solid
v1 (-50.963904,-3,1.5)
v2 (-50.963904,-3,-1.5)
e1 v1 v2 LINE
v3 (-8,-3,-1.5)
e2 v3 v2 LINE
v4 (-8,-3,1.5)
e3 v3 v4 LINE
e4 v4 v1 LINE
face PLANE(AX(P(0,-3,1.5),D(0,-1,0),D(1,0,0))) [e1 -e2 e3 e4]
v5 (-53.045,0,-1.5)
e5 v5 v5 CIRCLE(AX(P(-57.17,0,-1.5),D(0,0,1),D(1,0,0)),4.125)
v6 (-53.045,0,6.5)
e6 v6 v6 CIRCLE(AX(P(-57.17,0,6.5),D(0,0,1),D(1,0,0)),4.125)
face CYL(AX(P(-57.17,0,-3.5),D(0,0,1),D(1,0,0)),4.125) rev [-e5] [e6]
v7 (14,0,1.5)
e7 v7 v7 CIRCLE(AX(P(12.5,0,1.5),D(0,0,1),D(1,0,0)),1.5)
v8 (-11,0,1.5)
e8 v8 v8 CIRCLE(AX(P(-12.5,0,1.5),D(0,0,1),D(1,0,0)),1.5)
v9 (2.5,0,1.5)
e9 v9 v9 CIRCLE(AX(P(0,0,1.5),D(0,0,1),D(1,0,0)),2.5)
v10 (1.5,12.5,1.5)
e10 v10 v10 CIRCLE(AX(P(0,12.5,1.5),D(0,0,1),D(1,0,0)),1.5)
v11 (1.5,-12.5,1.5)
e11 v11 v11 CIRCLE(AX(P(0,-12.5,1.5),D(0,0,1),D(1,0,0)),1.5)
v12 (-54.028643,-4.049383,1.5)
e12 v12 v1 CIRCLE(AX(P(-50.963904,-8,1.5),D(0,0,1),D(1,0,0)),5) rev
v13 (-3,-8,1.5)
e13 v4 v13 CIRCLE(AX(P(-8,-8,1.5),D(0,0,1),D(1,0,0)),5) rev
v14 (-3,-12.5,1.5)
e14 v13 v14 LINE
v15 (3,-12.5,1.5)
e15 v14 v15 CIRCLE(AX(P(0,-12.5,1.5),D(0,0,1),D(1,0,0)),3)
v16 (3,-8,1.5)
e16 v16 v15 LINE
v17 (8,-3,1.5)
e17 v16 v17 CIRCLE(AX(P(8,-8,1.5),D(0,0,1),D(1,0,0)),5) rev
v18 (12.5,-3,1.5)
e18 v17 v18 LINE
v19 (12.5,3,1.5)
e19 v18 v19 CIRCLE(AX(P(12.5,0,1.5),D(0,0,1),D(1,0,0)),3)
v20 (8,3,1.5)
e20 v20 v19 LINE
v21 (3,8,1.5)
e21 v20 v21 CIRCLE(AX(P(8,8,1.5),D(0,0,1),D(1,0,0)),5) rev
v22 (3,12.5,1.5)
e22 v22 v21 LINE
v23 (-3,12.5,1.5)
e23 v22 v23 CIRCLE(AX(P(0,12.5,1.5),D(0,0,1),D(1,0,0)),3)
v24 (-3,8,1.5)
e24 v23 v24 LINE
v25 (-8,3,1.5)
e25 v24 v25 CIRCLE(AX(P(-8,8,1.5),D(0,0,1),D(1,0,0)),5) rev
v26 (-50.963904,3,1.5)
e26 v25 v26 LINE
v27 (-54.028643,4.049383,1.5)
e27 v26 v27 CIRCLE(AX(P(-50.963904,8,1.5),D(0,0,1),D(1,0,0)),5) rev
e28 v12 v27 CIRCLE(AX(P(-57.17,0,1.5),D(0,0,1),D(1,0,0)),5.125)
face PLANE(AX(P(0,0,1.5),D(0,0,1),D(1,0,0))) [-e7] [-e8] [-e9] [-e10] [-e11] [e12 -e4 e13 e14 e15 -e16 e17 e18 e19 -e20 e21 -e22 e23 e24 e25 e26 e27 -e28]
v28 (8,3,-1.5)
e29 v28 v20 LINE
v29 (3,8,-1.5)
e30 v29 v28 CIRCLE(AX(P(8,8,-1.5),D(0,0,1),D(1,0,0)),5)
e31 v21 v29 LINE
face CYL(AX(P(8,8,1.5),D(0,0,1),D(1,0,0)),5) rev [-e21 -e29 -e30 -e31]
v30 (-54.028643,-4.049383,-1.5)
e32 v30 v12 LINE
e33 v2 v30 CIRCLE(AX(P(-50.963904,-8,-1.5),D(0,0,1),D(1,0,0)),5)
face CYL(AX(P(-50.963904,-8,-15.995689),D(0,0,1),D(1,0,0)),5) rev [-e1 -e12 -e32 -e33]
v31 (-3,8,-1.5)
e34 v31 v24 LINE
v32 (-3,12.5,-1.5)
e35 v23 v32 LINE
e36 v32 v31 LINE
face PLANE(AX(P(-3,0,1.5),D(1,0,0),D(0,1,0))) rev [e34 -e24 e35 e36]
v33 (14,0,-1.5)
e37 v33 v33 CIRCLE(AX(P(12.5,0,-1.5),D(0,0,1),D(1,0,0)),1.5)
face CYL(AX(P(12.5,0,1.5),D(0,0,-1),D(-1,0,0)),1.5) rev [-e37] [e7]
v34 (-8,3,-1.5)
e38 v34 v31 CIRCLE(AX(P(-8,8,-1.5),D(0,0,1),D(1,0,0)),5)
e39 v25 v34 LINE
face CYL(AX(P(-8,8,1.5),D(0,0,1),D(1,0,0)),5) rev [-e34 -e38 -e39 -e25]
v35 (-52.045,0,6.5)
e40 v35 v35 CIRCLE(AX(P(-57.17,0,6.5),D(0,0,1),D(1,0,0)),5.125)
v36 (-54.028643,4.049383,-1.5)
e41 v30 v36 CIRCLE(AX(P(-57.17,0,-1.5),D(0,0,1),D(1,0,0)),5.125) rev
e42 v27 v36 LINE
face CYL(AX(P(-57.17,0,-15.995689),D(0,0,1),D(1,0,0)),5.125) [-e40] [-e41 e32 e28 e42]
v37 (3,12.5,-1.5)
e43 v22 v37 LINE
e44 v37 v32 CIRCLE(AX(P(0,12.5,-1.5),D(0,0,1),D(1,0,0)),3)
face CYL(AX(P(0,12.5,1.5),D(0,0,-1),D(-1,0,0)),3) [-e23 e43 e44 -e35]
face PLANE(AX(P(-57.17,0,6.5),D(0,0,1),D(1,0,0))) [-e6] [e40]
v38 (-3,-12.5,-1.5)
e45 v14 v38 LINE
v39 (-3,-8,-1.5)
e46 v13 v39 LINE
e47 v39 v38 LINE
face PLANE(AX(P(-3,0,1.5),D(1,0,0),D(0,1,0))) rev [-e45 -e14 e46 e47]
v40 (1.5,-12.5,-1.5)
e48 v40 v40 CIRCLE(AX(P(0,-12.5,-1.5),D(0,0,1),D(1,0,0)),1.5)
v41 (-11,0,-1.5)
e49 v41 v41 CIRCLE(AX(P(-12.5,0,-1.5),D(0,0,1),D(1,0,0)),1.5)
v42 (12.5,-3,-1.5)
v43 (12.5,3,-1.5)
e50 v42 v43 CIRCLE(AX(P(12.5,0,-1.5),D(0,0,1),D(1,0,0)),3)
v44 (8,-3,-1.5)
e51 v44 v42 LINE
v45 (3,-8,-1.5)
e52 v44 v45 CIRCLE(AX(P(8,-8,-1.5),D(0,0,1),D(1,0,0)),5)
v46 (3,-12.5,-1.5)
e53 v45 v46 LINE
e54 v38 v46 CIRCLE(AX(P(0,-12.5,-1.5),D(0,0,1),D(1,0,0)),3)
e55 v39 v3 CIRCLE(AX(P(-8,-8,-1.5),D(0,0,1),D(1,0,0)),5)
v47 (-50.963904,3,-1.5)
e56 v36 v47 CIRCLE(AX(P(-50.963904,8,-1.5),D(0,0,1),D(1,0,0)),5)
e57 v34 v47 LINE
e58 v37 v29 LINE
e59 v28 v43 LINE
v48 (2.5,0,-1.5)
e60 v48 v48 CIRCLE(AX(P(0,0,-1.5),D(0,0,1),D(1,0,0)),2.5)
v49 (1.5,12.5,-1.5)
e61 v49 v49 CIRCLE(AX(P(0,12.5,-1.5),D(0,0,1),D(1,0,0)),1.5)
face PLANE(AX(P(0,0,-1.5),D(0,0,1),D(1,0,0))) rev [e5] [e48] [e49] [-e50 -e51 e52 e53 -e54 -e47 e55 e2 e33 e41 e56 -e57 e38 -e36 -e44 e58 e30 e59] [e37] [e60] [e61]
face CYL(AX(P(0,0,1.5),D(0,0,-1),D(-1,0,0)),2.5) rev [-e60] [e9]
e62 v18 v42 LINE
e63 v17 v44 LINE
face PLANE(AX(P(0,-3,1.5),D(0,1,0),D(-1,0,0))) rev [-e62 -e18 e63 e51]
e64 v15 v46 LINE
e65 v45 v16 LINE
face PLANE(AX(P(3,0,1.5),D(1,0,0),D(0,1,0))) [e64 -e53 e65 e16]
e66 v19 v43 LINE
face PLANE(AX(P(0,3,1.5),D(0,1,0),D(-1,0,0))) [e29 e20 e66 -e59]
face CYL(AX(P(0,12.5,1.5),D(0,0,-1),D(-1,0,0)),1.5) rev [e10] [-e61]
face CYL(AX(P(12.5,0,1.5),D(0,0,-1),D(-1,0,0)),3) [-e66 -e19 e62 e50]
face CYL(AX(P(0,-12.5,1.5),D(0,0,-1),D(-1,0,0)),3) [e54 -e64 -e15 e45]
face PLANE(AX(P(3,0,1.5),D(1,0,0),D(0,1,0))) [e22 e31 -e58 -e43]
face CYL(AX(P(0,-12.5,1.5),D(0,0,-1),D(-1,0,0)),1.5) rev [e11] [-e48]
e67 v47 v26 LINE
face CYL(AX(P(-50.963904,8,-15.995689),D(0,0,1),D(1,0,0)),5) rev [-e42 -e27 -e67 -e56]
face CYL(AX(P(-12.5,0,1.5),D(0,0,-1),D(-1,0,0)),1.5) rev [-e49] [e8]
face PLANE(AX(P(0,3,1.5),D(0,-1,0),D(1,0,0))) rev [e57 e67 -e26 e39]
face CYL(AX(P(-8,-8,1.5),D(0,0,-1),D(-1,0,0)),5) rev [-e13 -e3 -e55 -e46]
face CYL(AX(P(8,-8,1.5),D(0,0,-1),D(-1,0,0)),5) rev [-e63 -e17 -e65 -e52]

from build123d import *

# Parameters (mm, degrees)
ESBO_O1_R                            = 2.5
ESBO_O1_R_2                          = 1.5
RESSALTO_EXTRUS_O3_DEPTH             = 1.5
ESBO_O2_R                            = 5.125
RESSALTO_EXTRUS_O4_DEPTH             = 5
RESSALTO_EXTRUS_O4_DIRECTION_2_REACH = 64.207
ESBO_O3_R                            = 4.125
CORTE_EXTRUS_O1_DEPTH                = 10
FILETE1_R                            = 5


with BuildPart() as part:
    # Esboço1 → Ressalto-extrusão3 (new, symmetric)
    with BuildSketch(Plane.XY):
        with BuildLine():
            Line((3, -3), (12.5, -3))
            ThreePointArc((12.5, -3), (15.5, 0), (12.5, 3))
            Line((12.5, 3), (3, 3))
            Line((3, 3), (3, 12.5))
            ThreePointArc((3, 12.5), (0, 15.5), (-3, 12.5))
            Line((-3, 12.5), (-3, 3))
            Line((-3, 3), (-57.17, 3))
            ThreePointArc((-57.17, 3), (-60.17, 0), (-57.17, -3))
            Line((-57.17, -3), (-3, -3))
            Line((-3, -3), (-3, -12.5))
            ThreePointArc((-3, -12.5), (0, -15.5), (3, -12.5))
            Line((3, -12.5), (3, -3))
        make_face()
        Circle(ESBO_O1_R, mode=Mode.SUBTRACT)
        with Locations((-12.5, 0)):
            Circle(ESBO_O1_R_2, mode=Mode.SUBTRACT)
        with Locations((0, 12.5)):
            Circle(ESBO_O1_R_2, mode=Mode.SUBTRACT)
        with Locations((12.5, 0)):
            Circle(ESBO_O1_R_2, mode=Mode.SUBTRACT)
        with Locations((0, -12.5)):
            Circle(ESBO_O1_R_2, mode=Mode.SUBTRACT)
    extrude(amount=RESSALTO_EXTRUS_O3_DEPTH, both=True)

    # Esboço2 → Ressalto-extrusão4 (add)
    with BuildSketch(Plane.XY.offset(1.5)):
        with Locations((-57.17, 0)):
            Circle(ESBO_O2_R)
    extrude(amount=RESSALTO_EXTRUS_O4_DEPTH)

    # Ressalto-extrusão4 direction 2: up to this face of the body (flat: up to its plane)
    ressalto_extrus_o4_direction_2_end = Plane(part.part.faces().sort_by_distance((-18.436716942, 0, -1.5))[0])
    # Esboço2 → Ressalto-extrusão4 direction 2 (add, up to the picked face)
    with BuildSketch(Plane.XY.offset(1.5), mode=Mode.PRIVATE) as ressalto_extrus_o4_direction_2_sk1:
        with Locations((-57.17, 0)):
            Circle(ESBO_O2_R)
    ressalto_extrus_o4_direction_2_tool1 = split(extrude(ressalto_extrus_o4_direction_2_sk1.sketch, amount=-RESSALTO_EXTRUS_O4_DIRECTION_2_REACH, mode=Mode.PRIVATE), bisect_by=ressalto_extrus_o4_direction_2_end, keep=Keep.BOTH, mode=Mode.PRIVATE)
    add(ressalto_extrus_o4_direction_2_tool1.solids().sort_by(Axis((-57.17, 0, 1.5), (0, 0, -1)))[0])

    # Esboço3 → Corte-extrusão1 (cut)
    with BuildSketch(Plane.XY.offset(6.5)):
        with Locations((-57.17, 0)):
            Circle(ESBO_O3_R)
    extrude(amount=-CORTE_EXTRUS_O1_DEPTH, mode=Mode.SUBTRACT)

    # Filete1
    filete1_edges = [part.edges().sort_by_distance(p)[0] for p in [
        (3, -3, 0),
        (-3, -3, 0),
        (-3, 3, 0),
        (3, 3, 0),
        (-53.014807465, -3, 0),
        (-53.014807465, 3, 0),
    ]]
    fillet(filete1_edges, radius=FILETE1_R)


solid = part.part
